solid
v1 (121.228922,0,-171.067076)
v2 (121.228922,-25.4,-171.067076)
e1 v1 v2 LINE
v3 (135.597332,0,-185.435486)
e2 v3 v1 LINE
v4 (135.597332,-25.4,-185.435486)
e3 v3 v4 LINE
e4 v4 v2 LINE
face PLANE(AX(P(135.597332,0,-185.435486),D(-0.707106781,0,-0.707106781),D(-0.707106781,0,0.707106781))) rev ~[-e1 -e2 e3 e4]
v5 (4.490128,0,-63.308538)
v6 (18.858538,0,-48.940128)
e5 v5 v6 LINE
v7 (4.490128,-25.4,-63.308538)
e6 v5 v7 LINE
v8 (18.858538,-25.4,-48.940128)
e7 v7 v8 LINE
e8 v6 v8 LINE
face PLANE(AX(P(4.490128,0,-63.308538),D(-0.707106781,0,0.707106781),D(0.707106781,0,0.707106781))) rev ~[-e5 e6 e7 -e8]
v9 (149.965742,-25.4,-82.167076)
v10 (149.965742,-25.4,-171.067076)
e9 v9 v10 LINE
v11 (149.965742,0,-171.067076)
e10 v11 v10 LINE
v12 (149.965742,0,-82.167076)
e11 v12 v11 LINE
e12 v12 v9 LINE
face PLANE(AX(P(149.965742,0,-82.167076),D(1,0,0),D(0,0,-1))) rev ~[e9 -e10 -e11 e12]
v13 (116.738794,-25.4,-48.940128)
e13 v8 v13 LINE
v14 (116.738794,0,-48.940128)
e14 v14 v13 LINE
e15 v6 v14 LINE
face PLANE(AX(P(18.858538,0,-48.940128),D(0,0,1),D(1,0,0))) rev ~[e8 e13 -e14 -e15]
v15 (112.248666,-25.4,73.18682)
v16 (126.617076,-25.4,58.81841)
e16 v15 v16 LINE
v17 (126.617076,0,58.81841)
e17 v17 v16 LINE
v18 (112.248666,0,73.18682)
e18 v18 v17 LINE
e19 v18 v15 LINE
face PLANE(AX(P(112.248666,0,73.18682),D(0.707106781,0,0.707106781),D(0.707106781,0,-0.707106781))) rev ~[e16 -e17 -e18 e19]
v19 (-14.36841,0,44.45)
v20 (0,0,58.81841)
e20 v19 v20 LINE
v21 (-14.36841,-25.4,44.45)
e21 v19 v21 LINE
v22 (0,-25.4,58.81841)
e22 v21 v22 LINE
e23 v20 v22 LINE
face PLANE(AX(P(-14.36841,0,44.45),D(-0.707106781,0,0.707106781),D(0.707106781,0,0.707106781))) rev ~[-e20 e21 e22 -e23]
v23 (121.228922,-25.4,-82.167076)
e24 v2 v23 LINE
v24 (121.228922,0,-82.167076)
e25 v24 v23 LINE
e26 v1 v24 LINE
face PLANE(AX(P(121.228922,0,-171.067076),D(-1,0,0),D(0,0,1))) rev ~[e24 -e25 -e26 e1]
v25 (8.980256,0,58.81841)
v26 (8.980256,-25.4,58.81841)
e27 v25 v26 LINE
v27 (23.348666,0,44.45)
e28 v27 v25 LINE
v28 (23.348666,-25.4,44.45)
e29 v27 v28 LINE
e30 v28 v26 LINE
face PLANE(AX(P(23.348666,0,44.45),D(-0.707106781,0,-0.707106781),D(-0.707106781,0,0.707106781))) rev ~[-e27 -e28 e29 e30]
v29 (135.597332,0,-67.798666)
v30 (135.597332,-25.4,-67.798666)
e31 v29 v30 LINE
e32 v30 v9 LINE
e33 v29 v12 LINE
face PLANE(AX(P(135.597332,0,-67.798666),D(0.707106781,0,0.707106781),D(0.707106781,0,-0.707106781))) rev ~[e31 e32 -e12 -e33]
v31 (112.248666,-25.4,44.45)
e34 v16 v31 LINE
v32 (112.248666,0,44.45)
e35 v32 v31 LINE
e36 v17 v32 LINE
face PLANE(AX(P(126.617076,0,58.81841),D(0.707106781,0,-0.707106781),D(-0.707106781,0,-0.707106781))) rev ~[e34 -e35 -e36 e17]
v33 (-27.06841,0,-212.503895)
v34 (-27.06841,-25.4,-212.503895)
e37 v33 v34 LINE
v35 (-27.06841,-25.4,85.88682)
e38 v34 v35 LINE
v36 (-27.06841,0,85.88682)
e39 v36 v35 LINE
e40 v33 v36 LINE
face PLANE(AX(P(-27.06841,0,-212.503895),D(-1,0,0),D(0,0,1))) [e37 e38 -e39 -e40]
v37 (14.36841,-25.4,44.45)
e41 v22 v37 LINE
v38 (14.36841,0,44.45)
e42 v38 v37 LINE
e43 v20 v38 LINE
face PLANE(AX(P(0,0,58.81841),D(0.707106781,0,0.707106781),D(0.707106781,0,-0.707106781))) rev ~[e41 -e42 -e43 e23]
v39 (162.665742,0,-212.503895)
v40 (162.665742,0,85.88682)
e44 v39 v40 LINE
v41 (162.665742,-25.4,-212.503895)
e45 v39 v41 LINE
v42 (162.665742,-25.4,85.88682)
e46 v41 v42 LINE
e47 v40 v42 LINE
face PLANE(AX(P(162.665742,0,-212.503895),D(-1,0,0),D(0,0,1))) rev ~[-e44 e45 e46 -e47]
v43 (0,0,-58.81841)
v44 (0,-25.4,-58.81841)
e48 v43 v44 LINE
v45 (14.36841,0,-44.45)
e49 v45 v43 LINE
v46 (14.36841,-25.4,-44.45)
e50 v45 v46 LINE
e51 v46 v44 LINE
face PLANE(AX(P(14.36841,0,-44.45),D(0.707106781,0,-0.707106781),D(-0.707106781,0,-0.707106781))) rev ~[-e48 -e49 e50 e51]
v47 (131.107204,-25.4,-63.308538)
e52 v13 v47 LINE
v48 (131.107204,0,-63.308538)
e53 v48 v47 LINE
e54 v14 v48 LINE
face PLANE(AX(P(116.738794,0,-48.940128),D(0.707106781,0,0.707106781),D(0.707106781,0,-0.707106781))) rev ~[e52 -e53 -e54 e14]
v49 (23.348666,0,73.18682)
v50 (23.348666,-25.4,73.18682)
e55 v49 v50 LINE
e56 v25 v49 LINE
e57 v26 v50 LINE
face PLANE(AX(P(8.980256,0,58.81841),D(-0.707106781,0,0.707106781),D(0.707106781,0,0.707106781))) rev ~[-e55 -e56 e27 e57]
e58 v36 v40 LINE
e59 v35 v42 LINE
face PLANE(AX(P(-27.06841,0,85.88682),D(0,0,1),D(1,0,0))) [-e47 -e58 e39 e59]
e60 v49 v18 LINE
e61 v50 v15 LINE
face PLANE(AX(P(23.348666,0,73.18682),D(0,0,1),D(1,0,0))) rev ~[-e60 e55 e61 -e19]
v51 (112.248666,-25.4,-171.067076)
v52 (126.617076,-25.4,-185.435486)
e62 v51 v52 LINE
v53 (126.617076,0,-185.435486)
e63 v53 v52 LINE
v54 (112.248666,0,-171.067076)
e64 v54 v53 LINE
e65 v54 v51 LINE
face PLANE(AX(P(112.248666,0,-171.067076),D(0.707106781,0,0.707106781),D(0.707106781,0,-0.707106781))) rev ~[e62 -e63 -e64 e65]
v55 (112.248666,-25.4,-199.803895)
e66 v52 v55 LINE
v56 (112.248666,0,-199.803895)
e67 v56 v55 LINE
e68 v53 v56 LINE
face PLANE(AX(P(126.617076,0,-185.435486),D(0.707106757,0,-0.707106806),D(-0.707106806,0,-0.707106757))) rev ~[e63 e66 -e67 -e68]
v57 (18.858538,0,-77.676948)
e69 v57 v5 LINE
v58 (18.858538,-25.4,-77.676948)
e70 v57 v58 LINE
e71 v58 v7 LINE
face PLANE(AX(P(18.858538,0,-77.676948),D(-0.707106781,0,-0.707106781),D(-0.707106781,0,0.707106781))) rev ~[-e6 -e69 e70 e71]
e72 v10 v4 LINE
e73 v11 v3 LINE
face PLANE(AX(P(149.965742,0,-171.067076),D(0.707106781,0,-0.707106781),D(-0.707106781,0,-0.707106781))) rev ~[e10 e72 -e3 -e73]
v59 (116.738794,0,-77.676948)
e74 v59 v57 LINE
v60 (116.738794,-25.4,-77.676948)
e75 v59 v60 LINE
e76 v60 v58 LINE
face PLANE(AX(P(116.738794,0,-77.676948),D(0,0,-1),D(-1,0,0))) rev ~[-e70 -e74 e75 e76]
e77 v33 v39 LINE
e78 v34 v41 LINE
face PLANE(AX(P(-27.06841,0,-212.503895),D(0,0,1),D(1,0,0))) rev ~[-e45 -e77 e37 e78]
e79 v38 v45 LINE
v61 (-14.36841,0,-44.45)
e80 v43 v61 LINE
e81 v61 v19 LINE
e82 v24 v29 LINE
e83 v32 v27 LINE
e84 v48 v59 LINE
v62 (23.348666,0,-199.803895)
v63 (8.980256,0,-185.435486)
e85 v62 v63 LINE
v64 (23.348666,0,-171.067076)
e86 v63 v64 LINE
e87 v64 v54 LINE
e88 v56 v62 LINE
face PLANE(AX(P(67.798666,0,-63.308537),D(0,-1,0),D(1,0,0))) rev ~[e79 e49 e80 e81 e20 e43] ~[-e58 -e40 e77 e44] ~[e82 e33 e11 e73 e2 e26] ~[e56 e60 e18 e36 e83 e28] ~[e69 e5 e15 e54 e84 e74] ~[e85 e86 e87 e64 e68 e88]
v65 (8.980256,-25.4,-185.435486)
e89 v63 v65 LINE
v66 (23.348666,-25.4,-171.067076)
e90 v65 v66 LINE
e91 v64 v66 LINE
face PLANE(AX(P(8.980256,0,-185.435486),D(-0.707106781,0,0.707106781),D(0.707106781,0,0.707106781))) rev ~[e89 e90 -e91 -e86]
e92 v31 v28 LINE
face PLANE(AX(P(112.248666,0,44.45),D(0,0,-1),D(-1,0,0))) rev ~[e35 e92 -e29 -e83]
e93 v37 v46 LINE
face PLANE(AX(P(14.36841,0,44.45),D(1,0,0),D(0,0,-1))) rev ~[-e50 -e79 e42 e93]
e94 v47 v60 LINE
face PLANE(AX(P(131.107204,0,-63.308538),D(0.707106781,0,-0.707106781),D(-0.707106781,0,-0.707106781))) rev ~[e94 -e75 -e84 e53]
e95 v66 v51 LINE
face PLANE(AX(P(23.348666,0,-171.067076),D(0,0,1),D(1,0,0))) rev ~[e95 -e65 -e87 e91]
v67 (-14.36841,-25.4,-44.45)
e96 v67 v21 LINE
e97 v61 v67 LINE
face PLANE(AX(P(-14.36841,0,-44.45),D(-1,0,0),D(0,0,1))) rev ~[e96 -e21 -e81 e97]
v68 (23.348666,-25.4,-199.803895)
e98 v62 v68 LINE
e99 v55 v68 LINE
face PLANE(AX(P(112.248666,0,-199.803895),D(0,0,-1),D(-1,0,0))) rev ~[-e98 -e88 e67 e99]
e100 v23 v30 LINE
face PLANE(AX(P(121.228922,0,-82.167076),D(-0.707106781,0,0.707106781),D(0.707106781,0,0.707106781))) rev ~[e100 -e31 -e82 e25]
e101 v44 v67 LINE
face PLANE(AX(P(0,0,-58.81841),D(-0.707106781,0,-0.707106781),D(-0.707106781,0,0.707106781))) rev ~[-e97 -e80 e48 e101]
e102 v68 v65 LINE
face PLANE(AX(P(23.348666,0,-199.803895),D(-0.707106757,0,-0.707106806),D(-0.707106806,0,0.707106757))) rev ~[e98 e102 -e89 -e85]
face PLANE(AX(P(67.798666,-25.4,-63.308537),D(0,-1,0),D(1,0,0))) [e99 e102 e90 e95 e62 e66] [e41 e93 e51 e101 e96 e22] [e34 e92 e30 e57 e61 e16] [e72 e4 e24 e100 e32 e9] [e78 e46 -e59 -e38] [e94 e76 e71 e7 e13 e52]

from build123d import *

# Parameters (mm, degrees)
F0_W     = 189.734152
F0_H     = 298.390715
F1_DEPTH = 25.4


with BuildPart() as f1:
    # F0 (on Front) → F1 (new body)
    with BuildSketch(Plane.XZ):
        with Locations((67.798666, -63.308537)):
            Rectangle(F0_W, F0_H)
        Polygon((0, -58.81841), (-14.36841, -44.45), (-14.36841, 44.45), (0, 58.81841), (8.980256, 58.81841), (23.348666, 73.18682), (112.248666, 73.18682), (126.617076, 58.81841), (135.597332, 58.81841), (149.965742, 44.45), (149.965742, -44.45), (135.597332, -58.81841), (135.597332, -67.798666), (149.965742, -82.167076), (149.965742, -171.067076), (135.597332, -185.435486), (126.617076, -185.435486), (112.248666, -199.803895), (23.348666, -199.803895), (8.980256, -185.435486), (0, -185.435486), (-14.36841, -171.067076), (-14.36841, -82.167076), (0, -67.798666), align=None, mode=Mode.SUBTRACT)
        Polygon((14.36841, 44.45), (14.36841, -44.45), (0, -58.81841), (0, -67.798666), (4.490128, -63.308538), (18.858538, -48.940128), (116.738794, -48.940128), (131.107204, -63.308538), (135.597332, -67.798666), (135.597332, -58.81841), (121.228922, -44.45), (121.228922, 44.45), (135.597332, 58.81841), (126.617076, 58.81841), (112.248666, 44.45), (23.348666, 44.45), (8.980256, 58.81841), (0, 58.81841), align=None)
        Polygon((4.490128, -63.308538), (0, -67.798666), (14.36841, -82.167076), (14.36841, -171.067076), (0, -185.435486), (8.980256, -185.435486), (23.348666, -171.067076), (112.248666, -171.067076), (126.617076, -185.435486), (135.597332, -185.435486), (121.228922, -171.067076), (121.228922, -82.167076), (135.597332, -67.798666), (131.107204, -63.308538), (116.738794, -77.676948), (18.858538, -77.676948), align=None)
        Polygon((149.965742, 44.45), (135.597332, 58.81841), (121.228922, 44.45), (121.228922, -44.45), (135.597332, -58.81841), (149.965742, -44.45), align=None)
        Polygon((14.36841, -82.167076), (0, -67.798666), (-14.36841, -82.167076), (-14.36841, -171.067076), (0, -185.435486), (14.36841, -171.067076), align=None)
    extrude(amount=F1_DEPTH)


solid = f1.part
